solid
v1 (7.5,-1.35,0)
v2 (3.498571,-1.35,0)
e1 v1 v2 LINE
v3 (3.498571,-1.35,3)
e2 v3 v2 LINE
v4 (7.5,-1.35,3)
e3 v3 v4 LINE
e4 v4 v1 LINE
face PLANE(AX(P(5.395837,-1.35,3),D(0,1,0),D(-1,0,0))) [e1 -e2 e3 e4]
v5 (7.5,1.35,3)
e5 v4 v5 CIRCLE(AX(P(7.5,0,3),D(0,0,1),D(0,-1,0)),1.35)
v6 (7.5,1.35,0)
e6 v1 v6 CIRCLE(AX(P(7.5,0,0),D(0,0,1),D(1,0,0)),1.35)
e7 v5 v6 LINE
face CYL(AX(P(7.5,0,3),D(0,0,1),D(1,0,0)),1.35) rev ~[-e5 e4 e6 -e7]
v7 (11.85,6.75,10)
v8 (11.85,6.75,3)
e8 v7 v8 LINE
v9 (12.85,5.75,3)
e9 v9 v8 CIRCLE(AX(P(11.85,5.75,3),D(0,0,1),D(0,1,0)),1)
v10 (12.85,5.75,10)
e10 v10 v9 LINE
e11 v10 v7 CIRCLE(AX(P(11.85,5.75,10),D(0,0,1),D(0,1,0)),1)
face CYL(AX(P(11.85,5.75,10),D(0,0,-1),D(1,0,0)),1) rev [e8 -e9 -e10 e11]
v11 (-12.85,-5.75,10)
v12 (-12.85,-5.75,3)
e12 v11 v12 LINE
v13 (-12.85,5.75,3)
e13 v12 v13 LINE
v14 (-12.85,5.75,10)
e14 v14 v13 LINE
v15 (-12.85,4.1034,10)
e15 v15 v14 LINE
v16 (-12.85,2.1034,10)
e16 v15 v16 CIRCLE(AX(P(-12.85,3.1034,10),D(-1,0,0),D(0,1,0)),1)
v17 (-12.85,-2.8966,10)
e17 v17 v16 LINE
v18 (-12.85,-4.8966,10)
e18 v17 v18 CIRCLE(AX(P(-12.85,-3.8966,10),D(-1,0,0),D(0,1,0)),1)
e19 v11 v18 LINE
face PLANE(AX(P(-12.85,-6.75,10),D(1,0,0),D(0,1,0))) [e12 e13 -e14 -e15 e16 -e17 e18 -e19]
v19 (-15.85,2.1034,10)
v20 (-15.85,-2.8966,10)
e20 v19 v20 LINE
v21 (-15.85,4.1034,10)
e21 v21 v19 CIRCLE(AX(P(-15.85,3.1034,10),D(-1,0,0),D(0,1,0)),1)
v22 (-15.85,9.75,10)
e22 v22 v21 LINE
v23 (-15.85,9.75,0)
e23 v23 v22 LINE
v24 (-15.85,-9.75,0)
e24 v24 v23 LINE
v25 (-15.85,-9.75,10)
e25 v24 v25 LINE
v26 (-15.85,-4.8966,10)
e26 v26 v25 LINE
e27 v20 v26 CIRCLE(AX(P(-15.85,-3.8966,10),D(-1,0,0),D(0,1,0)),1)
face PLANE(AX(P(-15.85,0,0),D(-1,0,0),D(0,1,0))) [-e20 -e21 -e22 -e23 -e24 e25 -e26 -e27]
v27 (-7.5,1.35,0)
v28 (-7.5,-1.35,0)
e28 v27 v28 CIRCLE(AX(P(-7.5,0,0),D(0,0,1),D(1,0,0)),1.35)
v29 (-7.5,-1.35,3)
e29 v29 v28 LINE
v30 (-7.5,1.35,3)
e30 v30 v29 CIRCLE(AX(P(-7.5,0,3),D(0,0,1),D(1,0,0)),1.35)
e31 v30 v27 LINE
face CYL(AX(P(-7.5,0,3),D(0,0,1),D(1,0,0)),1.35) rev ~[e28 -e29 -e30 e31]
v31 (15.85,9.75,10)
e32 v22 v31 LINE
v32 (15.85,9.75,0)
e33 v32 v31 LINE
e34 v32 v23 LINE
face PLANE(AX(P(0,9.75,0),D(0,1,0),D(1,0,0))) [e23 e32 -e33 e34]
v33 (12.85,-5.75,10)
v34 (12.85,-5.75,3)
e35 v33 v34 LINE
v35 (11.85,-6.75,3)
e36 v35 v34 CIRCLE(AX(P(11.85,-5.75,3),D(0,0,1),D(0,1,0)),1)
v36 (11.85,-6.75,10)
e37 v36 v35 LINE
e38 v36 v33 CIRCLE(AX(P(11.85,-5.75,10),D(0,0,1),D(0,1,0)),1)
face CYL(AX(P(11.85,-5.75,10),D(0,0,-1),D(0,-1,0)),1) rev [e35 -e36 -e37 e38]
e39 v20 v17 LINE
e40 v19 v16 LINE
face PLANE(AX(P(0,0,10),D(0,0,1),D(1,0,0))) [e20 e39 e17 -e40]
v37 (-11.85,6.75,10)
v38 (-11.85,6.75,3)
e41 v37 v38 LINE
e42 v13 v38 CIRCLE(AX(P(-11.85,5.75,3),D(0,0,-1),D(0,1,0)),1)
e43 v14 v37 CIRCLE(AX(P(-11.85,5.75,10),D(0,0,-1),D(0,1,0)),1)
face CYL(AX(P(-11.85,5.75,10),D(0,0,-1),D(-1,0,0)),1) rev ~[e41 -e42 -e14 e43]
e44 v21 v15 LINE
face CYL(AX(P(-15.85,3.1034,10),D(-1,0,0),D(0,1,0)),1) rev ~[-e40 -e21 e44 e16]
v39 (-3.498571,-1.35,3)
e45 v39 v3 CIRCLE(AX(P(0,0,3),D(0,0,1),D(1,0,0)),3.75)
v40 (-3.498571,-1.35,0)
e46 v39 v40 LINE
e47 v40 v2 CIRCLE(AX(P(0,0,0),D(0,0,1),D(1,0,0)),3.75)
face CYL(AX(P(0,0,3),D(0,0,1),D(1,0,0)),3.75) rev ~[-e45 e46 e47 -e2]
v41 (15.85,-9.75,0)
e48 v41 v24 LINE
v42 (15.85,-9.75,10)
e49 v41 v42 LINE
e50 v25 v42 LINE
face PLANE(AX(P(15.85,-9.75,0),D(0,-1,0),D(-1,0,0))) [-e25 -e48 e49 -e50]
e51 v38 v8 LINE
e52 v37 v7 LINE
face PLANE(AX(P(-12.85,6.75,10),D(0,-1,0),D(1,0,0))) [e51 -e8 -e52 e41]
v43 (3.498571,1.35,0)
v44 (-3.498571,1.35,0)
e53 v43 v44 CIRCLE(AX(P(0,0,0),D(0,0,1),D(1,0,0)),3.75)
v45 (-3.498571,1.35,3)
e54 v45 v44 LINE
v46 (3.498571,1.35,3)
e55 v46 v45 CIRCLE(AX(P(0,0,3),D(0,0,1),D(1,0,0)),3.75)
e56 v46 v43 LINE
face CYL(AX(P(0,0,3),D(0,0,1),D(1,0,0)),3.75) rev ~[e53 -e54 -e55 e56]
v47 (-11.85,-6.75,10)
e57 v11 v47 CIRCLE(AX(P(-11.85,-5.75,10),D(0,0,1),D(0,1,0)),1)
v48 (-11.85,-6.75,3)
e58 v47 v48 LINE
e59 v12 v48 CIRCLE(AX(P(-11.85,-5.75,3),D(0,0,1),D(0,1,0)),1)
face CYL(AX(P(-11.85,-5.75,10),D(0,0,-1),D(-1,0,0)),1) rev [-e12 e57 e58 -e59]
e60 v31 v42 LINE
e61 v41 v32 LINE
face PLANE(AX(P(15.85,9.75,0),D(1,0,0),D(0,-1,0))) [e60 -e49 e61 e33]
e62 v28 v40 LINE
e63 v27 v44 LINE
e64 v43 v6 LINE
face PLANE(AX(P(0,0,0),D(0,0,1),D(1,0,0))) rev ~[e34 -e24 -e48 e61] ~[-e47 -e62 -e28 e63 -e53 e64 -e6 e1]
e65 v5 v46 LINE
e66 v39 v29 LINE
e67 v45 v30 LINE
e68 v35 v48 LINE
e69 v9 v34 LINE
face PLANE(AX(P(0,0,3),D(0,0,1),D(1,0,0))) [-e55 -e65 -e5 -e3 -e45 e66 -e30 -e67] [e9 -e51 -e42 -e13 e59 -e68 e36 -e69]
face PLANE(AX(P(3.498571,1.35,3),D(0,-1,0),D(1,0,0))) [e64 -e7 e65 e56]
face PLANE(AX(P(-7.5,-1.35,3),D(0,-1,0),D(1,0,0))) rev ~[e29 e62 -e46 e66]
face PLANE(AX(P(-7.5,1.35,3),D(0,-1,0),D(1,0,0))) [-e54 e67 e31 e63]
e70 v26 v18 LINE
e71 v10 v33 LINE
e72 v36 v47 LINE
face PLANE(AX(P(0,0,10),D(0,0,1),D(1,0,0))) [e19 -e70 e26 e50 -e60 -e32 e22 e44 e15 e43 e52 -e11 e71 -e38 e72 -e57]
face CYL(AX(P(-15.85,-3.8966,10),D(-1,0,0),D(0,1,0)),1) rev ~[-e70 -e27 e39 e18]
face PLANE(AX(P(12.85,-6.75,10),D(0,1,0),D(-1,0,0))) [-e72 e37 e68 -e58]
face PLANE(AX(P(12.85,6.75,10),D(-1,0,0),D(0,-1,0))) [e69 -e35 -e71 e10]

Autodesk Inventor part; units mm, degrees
ref_plane "YZ Plane" through (0, 0, 0) normal (1, 0, 0) x (0, 1, 0)
ref_plane "XZ Plane" through (0, 0, 0) normal (0, 1, 0) x (-1, 0, 0)
ref_plane "XY Plane" through (0, 0, 0) normal (0, 0, 1) x (1, 0, 0)
sketch "Skizze1" plane through (0, 0, 0) normal (0, 0, 1) x (1, 0, 0)
  line L0 (0, 22.5879) -> (0, -19.7685)
  line L1 (-28.9042, 0) -> (30.2947, 0)
  line L2 (-15.85, 9.75) -> (15.85, 9.75)
  line L3 (15.85, 9.75) -> (15.85, -9.75)
  line L4 (15.85, -9.75) -> (-15.85, -9.75)
  line L5 (-15.85, -9.75) -> (-15.85, 9.75)
  point P0 (0, 0)
  dimension "d0" = 31.7
  dimension "d1" = 19.5
extrude "Extrusion1" add sketch "Skizze1" along normal blind 10
sketch "Skizze2" plane through (0, 0, 10) normal (0, 0, 1) x (1, 0, 0)
  line L0 (-12.85, 6.75) -> (12.85, 6.75)
  line L1 (12.85, 6.75) -> (12.85, -6.75)
  line L2 (12.85, -6.75) -> (-12.85, -6.75)
  line L3 (-12.85, -6.75) -> (-12.85, 6.75)
  line L4 (15.85, -9.75) -> (15.85, 9.75) projected
  line L5 (-15.85, -9.75) -> (15.85, -9.75) projected
  line L6 (-15.85, 9.75) -> (-15.85, -9.75) projected
  line L7 (15.85, 9.75) -> (-15.85, 9.75) projected
  point P0 (0, 0)
  dimension "d4" = 3
  dimension "d5" = 3
  dimension "d6" = 3
  dimension "d7" = 3
extrude "Extrusion2" cut sketch "Skizze2" against normal blind 7 contours L0 L1 L2 L3
sketch "Skizze3" plane through (-15.85, -9.75, 0) normal (-1, 0, 0) x (0, 0, 1)
  line L0 (10, 0) -> (10, 19.5) projected
  arc A0 (10, 13.8534) -> (10, 11.8534) centre (10, 12.8534) ccw
  arc A1 (10, 6.8534) -> (10, 4.8534) centre (10, 5.8534) ccw
  line L1 (10, 19.5) -> (10, 0) projected
  line L2 (-1.0357, 9.3534) -> (13.3763, 9.3534)
  point P0 (0, 9.75)
  dimension "d10" = 7
  dimension "d11" = 1
  dimension "d12" = 1
extrude "Extrusion3" cut sketch "Skizze3" against normal blind 7
fillet "Rundung1" radius 1 4 edges at (12.85, -6.75, 6.5) (12.85, 6.75, 6.5) (-12.85, 6.75, 6.5) (-12.85, -6.75, 6.5)
sketch "Skizze4" plane through (0, 0, 3) normal (0, 0, 1) x (1, 0, 0)
  arc A0 (12.85, 5.75) -> (11.85, 6.75) centre (11.85, 5.75) ccw projected
  line L0 (11.85, 6.75) -> (-11.85, 6.75) projected
  arc A1 (-11.85, 6.75) -> (-12.85, 5.75) centre (-11.85, 5.75) ccw projected
  line L1 (-12.85, 5.75) -> (-12.85, -5.75) projected
  arc A2 (-12.85, -5.75) -> (-11.85, -6.75) centre (-11.85, -5.75) ccw projected
  line L2 (-11.85, -6.75) -> (11.85, -6.75) projected
  arc A3 (11.85, -6.75) -> (12.85, -5.75) centre (11.85, -5.75) ccw projected
  line L3 (12.85, -5.75) -> (12.85, 5.75) projected
  line L4 (15.85, 9.75) -> (15.85, -9.75) projected
  line L5 (15.85, -9.75) -> (-15.85, -9.75) projected
  line L6 (-15.85, -9.75) -> (-15.85, 9.75) projected
  line L7 (-15.85, 9.75) -> (15.85, 9.75) projected
  circle A4 centre (-7.5, 0) radius 2.5
  circle A5 centre (7.5, 0) radius 2.5
  circle A6 centre (-7.5, 0) radius 1.35
  circle A7 centre (7.5, 0) radius 1.35
  circle A8 centre (0, 0) radius 3.75
  circle A9 centre (0, 0) radius 1.35
  line L8 (-7.5, 1.35) -> (0, 1.35)
  line L9 (-7.5, -1.35) -> (0, -1.35)
  line L10 (0, 1.35) -> (7.5, 1.35)
  line L11 (7.5, -1.35) -> (0, -1.35)
  dimension "d16" = 7.5
  dimension "d17" = 7.5
  dimension "d18" = 5
  dimension "d19" = 5
  dimension "d20" = 2.7
  dimension "d21" = 2.7
  dimension "d22" = 7.5
  dimension "d23" = 2.7
extrude "Extrusion4" cut sketch "Skizze4" against normal blind 5 contours A4 L9 A6 L8 | A4 L8 A8 L9 | A6 | L8 A9 L9 A8 | A8 L10 L8 | L9 L11 A8 | L10 A5 L11 A8 | A8 L11 A9 L10 | A9 | L10 A7 L11 A5 | A7 picked at (-5.3984, -0.1575) picked at (5.3974, -0.0542)
properties part number "ls-halterung"
